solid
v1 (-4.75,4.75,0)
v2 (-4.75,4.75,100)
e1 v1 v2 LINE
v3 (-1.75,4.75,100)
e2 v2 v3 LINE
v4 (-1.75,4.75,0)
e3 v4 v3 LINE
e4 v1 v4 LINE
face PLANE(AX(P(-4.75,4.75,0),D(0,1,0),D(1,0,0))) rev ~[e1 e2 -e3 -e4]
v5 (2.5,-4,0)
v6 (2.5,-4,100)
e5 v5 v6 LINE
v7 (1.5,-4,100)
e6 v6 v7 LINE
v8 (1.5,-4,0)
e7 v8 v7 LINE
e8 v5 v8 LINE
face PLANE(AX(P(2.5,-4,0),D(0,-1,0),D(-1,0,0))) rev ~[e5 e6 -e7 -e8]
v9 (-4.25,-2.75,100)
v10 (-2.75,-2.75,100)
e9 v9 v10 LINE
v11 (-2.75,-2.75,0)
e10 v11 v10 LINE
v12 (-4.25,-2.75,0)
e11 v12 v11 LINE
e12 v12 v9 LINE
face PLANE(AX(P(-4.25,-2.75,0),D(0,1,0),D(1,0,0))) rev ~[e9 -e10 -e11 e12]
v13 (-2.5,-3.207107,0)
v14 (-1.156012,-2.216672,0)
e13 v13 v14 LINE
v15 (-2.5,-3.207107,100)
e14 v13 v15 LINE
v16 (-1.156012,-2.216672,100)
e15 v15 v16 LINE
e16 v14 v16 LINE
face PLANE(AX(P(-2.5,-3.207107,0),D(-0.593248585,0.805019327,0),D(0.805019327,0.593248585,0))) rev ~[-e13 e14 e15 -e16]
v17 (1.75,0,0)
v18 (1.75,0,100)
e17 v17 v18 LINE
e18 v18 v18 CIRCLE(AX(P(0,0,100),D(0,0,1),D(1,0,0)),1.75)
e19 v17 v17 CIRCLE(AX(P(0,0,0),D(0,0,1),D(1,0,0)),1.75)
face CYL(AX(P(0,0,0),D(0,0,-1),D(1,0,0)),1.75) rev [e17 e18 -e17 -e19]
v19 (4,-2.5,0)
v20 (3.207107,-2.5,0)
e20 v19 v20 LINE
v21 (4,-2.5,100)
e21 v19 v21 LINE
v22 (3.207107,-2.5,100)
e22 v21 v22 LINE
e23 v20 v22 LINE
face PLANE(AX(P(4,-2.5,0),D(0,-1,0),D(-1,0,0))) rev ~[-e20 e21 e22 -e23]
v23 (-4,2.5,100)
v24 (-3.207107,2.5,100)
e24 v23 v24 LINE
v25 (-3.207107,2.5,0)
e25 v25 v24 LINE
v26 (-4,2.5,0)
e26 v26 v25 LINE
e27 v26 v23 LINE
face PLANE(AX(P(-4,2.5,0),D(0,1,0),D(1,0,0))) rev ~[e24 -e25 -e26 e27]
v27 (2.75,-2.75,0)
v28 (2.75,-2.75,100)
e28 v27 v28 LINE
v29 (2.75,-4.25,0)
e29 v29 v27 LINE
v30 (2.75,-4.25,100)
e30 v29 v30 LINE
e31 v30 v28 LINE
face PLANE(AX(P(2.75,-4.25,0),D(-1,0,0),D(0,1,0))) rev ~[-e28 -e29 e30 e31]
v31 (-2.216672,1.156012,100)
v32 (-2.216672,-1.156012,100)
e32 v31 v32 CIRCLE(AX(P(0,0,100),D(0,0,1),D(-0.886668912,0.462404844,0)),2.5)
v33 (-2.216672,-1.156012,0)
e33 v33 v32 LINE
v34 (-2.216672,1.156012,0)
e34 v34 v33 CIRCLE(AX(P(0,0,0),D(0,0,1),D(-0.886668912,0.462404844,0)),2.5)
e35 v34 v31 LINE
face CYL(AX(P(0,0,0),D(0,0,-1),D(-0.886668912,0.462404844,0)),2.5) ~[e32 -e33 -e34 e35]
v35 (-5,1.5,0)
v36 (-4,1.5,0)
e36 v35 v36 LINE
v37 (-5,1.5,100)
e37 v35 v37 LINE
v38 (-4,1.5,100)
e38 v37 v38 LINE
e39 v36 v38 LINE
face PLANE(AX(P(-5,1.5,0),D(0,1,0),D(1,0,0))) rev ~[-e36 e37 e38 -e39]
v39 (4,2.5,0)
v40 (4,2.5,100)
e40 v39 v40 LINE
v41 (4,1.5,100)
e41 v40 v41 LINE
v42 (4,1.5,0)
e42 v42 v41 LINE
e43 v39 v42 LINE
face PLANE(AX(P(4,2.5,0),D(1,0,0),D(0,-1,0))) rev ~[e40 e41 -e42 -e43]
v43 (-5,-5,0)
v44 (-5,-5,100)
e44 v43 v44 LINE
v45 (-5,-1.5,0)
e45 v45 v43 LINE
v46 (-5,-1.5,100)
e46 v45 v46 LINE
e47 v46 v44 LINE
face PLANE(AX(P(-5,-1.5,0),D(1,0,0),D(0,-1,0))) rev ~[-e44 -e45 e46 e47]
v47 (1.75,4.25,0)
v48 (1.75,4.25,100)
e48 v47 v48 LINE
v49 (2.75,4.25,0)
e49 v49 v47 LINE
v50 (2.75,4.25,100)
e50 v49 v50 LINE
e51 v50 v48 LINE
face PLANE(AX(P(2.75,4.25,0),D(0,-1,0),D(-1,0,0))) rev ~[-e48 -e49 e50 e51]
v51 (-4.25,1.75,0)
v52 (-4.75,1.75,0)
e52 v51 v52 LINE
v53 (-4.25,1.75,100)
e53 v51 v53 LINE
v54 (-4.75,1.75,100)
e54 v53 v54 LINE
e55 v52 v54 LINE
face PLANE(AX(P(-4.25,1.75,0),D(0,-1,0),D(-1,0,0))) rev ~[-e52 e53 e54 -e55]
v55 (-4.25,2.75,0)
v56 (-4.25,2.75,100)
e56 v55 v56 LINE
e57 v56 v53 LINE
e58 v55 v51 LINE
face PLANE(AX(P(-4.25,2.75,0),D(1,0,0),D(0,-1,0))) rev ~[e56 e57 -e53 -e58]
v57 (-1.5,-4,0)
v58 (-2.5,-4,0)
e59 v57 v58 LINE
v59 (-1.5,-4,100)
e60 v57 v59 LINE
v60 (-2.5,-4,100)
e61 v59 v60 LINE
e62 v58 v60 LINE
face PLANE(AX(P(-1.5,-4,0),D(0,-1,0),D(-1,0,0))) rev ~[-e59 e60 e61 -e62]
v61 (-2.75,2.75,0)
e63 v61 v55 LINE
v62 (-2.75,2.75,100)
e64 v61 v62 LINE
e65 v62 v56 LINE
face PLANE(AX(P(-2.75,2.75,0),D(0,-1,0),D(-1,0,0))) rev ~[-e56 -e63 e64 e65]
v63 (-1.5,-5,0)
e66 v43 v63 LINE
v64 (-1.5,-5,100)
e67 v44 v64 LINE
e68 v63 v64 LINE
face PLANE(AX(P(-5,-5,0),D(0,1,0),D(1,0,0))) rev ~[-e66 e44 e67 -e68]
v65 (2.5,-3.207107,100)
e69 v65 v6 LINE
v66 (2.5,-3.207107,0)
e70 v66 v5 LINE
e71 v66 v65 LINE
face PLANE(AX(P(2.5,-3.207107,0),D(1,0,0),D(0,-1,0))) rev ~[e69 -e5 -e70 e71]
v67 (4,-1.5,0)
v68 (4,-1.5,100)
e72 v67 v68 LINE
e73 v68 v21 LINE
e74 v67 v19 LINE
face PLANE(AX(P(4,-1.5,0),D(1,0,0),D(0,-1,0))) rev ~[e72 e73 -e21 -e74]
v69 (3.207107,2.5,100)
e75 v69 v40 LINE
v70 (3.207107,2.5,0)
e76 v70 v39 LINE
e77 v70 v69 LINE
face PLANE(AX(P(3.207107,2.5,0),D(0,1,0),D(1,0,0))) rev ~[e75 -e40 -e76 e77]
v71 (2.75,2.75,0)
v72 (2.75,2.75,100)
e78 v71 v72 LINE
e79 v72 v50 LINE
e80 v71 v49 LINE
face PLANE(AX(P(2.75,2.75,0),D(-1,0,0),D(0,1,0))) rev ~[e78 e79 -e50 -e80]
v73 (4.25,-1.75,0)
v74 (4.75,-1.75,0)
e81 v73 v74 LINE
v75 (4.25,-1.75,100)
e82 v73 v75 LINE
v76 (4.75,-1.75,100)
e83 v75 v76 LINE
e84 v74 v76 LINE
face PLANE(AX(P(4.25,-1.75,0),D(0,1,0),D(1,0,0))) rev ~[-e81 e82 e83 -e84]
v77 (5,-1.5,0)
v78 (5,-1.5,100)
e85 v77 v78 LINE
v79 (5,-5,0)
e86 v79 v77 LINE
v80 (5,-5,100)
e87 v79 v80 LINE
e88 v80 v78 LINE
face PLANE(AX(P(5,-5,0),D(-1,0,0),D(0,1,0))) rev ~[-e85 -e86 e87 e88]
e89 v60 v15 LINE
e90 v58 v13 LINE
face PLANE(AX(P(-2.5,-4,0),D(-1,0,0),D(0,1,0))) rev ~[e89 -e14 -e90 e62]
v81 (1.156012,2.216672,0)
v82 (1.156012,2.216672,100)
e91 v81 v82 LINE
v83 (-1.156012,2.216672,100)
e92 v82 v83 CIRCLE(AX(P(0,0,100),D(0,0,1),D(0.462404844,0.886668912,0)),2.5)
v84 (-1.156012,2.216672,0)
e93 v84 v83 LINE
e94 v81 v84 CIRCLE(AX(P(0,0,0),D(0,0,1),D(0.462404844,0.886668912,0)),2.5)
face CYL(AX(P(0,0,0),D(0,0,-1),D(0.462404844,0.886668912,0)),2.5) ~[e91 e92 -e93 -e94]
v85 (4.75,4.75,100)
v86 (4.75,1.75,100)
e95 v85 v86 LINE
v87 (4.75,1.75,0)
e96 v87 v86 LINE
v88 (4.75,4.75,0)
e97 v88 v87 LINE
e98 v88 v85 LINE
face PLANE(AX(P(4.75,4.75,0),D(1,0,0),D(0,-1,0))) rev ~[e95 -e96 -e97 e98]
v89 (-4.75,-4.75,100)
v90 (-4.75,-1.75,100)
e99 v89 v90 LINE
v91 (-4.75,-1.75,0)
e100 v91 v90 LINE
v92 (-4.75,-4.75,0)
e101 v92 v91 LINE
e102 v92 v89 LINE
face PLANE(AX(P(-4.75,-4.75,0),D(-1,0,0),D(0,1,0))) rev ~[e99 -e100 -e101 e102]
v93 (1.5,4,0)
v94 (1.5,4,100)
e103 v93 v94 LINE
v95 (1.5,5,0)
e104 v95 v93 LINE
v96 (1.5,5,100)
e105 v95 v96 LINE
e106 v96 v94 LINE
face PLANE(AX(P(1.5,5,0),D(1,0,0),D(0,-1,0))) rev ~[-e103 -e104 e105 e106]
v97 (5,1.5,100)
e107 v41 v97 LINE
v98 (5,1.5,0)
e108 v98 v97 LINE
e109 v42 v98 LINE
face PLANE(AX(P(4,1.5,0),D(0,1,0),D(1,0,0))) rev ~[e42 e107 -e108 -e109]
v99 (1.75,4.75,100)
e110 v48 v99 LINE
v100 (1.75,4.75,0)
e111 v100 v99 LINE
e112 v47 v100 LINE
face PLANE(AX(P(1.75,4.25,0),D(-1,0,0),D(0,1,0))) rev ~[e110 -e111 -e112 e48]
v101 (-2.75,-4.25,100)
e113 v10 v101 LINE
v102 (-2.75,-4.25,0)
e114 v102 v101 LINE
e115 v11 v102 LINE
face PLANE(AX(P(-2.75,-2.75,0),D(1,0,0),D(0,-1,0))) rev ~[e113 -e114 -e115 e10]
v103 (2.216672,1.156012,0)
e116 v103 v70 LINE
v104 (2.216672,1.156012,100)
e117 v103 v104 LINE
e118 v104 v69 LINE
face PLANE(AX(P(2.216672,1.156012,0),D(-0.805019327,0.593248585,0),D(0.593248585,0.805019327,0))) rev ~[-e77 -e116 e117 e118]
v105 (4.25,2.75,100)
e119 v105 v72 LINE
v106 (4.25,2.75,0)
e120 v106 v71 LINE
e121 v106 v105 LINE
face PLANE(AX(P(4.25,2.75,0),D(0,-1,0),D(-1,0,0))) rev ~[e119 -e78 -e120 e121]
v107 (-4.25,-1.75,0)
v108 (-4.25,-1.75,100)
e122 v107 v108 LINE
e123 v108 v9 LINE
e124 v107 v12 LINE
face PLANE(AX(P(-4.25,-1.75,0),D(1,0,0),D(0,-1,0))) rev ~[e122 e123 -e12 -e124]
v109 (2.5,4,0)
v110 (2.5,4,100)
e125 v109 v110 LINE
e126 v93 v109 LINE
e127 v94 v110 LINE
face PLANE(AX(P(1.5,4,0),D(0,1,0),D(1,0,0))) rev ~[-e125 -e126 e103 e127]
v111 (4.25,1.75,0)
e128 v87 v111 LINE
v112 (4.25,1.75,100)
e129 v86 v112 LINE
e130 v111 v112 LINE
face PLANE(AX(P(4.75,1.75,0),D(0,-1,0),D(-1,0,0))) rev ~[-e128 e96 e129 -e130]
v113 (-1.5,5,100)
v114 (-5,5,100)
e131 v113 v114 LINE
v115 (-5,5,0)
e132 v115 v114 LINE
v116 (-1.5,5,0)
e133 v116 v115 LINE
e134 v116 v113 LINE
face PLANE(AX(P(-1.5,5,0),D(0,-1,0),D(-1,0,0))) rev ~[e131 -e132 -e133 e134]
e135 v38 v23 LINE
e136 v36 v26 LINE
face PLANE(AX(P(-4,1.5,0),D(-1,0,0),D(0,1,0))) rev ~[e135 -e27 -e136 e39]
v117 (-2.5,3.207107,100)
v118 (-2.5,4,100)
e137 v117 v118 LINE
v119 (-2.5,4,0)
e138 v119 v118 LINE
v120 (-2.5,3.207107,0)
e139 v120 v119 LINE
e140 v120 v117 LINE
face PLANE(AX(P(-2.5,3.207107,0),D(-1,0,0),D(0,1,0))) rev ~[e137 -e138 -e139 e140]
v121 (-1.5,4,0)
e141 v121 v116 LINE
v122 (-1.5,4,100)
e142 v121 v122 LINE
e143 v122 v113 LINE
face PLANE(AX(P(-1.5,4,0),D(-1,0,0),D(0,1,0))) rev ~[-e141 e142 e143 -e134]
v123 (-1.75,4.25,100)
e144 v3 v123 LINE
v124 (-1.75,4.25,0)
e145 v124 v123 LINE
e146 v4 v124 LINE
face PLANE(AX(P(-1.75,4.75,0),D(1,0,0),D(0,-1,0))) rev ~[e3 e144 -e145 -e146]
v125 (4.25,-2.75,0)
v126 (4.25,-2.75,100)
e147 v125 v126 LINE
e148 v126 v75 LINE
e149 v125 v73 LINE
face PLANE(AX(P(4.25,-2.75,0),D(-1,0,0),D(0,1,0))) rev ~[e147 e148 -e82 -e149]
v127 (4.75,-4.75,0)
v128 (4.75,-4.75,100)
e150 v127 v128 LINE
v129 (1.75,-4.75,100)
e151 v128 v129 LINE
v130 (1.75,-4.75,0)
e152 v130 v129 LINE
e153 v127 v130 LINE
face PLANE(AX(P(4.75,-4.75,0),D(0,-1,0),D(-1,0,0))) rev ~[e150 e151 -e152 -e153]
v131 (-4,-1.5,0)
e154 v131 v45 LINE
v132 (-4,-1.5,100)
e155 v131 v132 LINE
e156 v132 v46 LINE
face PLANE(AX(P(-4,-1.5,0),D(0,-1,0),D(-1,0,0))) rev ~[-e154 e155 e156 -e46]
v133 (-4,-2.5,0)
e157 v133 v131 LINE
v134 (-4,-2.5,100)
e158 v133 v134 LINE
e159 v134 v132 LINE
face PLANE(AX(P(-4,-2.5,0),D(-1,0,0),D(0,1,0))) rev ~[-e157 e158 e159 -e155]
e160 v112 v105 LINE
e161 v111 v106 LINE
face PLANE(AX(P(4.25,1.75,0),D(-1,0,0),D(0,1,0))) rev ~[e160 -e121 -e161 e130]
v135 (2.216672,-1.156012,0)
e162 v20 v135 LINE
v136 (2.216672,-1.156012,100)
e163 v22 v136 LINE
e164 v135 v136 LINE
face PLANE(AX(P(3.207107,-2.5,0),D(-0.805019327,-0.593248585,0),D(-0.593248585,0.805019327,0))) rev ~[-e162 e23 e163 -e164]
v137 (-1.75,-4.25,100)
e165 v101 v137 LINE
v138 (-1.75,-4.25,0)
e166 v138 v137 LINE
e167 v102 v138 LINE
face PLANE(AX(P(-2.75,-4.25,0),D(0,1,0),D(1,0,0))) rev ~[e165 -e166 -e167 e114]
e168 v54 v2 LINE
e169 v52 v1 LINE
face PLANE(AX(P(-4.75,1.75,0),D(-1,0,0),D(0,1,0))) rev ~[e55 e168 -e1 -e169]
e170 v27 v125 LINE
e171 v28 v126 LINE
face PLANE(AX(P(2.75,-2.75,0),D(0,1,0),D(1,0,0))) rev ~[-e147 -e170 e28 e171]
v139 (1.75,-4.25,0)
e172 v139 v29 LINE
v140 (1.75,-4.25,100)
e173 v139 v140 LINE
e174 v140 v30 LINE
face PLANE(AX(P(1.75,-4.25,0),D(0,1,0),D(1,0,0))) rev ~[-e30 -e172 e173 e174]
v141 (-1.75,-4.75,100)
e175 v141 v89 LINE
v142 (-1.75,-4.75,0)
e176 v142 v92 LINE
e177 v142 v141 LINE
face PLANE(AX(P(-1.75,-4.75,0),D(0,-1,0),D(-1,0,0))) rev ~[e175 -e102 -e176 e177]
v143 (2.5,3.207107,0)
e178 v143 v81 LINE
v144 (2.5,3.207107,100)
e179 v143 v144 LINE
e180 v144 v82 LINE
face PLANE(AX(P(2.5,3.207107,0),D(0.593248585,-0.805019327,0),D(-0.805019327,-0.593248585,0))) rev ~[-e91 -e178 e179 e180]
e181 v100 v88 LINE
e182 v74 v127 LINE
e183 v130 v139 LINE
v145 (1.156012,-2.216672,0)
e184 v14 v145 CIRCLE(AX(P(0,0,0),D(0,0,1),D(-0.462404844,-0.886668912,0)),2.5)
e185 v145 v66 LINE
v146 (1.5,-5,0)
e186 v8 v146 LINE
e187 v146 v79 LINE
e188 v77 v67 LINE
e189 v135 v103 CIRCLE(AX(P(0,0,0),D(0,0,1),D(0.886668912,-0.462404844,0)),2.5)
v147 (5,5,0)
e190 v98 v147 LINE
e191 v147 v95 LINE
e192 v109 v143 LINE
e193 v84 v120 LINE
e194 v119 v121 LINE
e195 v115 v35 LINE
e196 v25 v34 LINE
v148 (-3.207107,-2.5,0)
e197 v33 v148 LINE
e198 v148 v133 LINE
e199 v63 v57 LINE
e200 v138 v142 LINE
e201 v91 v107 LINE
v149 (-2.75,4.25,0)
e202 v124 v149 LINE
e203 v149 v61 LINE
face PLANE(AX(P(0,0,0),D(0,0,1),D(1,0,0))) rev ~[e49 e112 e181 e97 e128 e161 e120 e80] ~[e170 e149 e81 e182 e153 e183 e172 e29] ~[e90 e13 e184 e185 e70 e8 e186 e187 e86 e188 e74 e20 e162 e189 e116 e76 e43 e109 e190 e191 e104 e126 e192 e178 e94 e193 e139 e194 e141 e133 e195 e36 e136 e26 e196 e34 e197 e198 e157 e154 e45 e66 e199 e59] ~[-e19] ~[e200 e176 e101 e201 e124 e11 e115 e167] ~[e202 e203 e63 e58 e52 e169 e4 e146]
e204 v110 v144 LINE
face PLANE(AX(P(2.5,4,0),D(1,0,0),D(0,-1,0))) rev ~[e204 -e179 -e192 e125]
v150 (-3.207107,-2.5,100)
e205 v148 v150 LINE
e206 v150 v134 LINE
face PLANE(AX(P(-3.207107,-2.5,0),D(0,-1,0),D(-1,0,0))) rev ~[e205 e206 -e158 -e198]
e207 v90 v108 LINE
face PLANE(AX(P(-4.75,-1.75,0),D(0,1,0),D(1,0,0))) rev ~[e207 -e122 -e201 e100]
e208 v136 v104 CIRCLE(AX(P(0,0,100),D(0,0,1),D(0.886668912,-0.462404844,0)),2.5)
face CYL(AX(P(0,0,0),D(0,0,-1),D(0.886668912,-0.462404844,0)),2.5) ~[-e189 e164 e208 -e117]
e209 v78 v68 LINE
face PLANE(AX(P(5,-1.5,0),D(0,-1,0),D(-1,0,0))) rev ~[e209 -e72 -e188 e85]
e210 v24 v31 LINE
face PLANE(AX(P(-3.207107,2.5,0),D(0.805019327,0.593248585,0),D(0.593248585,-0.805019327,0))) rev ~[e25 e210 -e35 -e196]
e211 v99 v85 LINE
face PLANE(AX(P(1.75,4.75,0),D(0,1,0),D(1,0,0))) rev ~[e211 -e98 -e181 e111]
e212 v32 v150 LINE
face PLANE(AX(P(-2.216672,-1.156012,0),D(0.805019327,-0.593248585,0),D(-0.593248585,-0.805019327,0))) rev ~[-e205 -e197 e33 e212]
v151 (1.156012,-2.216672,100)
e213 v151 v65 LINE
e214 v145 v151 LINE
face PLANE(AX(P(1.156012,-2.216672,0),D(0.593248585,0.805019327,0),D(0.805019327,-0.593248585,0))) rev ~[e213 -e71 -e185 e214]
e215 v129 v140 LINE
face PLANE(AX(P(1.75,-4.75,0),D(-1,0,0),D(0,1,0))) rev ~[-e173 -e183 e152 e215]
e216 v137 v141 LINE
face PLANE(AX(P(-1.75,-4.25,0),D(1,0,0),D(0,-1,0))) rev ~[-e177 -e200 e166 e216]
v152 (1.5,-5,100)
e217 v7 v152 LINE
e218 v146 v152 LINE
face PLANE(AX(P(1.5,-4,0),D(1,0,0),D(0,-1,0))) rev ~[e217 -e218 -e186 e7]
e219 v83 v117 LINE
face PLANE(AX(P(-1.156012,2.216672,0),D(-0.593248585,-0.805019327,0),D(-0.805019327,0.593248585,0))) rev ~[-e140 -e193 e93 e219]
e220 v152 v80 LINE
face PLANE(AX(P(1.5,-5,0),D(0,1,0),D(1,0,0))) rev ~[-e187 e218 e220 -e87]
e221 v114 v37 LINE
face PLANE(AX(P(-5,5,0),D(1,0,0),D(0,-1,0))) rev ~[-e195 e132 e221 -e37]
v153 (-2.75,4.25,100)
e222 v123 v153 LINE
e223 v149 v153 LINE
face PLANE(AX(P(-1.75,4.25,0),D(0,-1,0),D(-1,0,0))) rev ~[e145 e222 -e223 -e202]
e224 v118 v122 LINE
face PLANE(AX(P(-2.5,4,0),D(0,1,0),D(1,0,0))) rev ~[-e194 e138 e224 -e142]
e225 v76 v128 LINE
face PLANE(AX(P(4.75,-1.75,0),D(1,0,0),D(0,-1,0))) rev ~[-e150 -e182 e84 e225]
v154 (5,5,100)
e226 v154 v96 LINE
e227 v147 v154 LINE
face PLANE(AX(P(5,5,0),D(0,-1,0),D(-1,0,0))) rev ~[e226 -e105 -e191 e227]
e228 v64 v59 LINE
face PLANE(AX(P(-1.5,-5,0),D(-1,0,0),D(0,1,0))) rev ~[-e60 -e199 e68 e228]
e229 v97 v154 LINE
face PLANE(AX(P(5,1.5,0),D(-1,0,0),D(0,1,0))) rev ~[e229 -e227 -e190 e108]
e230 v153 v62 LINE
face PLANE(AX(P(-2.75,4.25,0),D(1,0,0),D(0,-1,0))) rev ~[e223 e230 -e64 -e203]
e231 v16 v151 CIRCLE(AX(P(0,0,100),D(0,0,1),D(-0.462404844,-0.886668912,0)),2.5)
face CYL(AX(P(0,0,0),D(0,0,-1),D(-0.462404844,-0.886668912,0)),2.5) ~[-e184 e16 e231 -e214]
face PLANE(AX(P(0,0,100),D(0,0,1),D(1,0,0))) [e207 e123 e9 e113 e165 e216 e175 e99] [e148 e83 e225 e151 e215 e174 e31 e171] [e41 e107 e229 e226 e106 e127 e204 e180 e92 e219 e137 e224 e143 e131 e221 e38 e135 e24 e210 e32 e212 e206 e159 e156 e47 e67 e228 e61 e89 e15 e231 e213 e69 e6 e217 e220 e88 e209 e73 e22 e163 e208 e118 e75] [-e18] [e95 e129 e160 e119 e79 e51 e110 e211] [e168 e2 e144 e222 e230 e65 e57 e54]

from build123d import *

# Parameters (mm, degrees)
ESQUISSE1_R        = 1.75
BOSS_EXTRU_1_DEPTH = 100


with BuildPart() as part:
    # Esquisse1 → Boss.-Extru.1 (new body)
    with BuildSketch(Plane.XY):
        with BuildLine():
            Line((-1.5, 5), (-5, 5))
            Line((-5, 5), (-5, 1.5))
            Line((-5, 1.5), (-4, 1.5))
            Line((-4, 1.5), (-4, 2.5))
            Line((-4, 2.5), (-3.207106781, 2.5))
            Line((-3.207106781, 2.5), (-2.216672281, 1.15601211))
            ThreePointArc((-2.216672281, 1.15601211), (-2.5, 0), (-2.216672281, -1.15601211))
            Line((-2.216672281, -1.15601211), (-3.207106781, -2.5))
            Line((-3.207106781, -2.5), (-4, -2.5))
            Line((-4, -2.5), (-4, -1.5))
            Line((-4, -1.5), (-5, -1.5))
            Line((-5, -1.5), (-5, -5))
            Line((-5, -5), (-1.5, -5))
            Line((-1.5, -5), (-1.5, -4))
            Line((-1.5, -4), (-2.5, -4))
            Line((-2.5, -4), (-2.5, -3.207106781))
            Line((-2.5, -3.207106781), (-1.15601211, -2.216672281))
            ThreePointArc((-1.15601211, -2.216672281), (0, -2.5), (1.15601211, -2.216672281))
            Line((1.15601211, -2.216672281), (2.5, -3.207106781))
            Line((2.5, -3.207106781), (2.5, -4))
            Line((2.5, -4), (1.5, -4))
            Line((1.5, -4), (1.5, -5))
            Line((1.5, -5), (5, -5))
            Line((5, -5), (5, -1.5))
            Line((5, -1.5), (4, -1.5))
            Line((4, -1.5), (4, -2.5))
            Line((4, -2.5), (3.207106781, -2.5))
            Line((3.207106781, -2.5), (2.216672281, -1.15601211))
            ThreePointArc((2.216672281, -1.15601211), (2.5, 0), (2.216672281, 1.15601211))
            Line((2.216672281, 1.15601211), (3.207106781, 2.5))
            Line((3.207106781, 2.5), (4, 2.5))
            Line((4, 2.5), (4, 1.5))
            Line((4, 1.5), (5, 1.5))
            Line((5, 1.5), (5, 5))
            Line((5, 5), (1.5, 5))
            Line((1.5, 5), (1.5, 4))
            Line((1.5, 4), (2.5, 4))
            Line((2.5, 4), (2.5, 3.207106781))
            Line((2.5, 3.207106781), (1.15601211, 2.216672281))
            ThreePointArc((1.15601211, 2.216672281), (0, 2.5), (-1.15601211, 2.216672281))
            Line((-1.15601211, 2.216672281), (-2.5, 3.207106781))
            Line((-2.5, 3.207106781), (-2.5, 4))
            Line((-2.5, 4), (-1.5, 4))
            Line((-1.5, 4), (-1.5, 5))
        make_face()
        Polygon((-4.75, 1.75), (-4.75, 4.75), (-1.75, 4.75), (-1.75, 4.25), (-2.75, 4.25), (-2.75, 2.75), (-4.25, 2.75), (-4.25, 1.75), align=None, mode=Mode.SUBTRACT)
        Circle(ESQUISSE1_R, mode=Mode.SUBTRACT)
        Polygon((-4.75, -4.75), (-4.75, -1.75), (-4.25, -1.75), (-4.25, -2.75), (-2.75, -2.75), (-2.75, -4.25), (-1.75, -4.25), (-1.75, -4.75), align=None, mode=Mode.SUBTRACT)
        Polygon((4.75, 4.75), (4.75, 1.75), (4.25, 1.75), (4.25, 2.75), (2.75, 2.75), (2.75, 4.25), (1.75, 4.25), (1.75, 4.75), align=None, mode=Mode.SUBTRACT)
        Polygon((4.75, -4.75), (1.75, -4.75), (1.75, -4.25), (2.75, -4.25), (2.75, -2.75), (4.25, -2.75), (4.25, -1.75), (4.75, -1.75), align=None, mode=Mode.SUBTRACT)
    extrude(amount=BOSS_EXTRU_1_DEPTH)


solid = part.part
